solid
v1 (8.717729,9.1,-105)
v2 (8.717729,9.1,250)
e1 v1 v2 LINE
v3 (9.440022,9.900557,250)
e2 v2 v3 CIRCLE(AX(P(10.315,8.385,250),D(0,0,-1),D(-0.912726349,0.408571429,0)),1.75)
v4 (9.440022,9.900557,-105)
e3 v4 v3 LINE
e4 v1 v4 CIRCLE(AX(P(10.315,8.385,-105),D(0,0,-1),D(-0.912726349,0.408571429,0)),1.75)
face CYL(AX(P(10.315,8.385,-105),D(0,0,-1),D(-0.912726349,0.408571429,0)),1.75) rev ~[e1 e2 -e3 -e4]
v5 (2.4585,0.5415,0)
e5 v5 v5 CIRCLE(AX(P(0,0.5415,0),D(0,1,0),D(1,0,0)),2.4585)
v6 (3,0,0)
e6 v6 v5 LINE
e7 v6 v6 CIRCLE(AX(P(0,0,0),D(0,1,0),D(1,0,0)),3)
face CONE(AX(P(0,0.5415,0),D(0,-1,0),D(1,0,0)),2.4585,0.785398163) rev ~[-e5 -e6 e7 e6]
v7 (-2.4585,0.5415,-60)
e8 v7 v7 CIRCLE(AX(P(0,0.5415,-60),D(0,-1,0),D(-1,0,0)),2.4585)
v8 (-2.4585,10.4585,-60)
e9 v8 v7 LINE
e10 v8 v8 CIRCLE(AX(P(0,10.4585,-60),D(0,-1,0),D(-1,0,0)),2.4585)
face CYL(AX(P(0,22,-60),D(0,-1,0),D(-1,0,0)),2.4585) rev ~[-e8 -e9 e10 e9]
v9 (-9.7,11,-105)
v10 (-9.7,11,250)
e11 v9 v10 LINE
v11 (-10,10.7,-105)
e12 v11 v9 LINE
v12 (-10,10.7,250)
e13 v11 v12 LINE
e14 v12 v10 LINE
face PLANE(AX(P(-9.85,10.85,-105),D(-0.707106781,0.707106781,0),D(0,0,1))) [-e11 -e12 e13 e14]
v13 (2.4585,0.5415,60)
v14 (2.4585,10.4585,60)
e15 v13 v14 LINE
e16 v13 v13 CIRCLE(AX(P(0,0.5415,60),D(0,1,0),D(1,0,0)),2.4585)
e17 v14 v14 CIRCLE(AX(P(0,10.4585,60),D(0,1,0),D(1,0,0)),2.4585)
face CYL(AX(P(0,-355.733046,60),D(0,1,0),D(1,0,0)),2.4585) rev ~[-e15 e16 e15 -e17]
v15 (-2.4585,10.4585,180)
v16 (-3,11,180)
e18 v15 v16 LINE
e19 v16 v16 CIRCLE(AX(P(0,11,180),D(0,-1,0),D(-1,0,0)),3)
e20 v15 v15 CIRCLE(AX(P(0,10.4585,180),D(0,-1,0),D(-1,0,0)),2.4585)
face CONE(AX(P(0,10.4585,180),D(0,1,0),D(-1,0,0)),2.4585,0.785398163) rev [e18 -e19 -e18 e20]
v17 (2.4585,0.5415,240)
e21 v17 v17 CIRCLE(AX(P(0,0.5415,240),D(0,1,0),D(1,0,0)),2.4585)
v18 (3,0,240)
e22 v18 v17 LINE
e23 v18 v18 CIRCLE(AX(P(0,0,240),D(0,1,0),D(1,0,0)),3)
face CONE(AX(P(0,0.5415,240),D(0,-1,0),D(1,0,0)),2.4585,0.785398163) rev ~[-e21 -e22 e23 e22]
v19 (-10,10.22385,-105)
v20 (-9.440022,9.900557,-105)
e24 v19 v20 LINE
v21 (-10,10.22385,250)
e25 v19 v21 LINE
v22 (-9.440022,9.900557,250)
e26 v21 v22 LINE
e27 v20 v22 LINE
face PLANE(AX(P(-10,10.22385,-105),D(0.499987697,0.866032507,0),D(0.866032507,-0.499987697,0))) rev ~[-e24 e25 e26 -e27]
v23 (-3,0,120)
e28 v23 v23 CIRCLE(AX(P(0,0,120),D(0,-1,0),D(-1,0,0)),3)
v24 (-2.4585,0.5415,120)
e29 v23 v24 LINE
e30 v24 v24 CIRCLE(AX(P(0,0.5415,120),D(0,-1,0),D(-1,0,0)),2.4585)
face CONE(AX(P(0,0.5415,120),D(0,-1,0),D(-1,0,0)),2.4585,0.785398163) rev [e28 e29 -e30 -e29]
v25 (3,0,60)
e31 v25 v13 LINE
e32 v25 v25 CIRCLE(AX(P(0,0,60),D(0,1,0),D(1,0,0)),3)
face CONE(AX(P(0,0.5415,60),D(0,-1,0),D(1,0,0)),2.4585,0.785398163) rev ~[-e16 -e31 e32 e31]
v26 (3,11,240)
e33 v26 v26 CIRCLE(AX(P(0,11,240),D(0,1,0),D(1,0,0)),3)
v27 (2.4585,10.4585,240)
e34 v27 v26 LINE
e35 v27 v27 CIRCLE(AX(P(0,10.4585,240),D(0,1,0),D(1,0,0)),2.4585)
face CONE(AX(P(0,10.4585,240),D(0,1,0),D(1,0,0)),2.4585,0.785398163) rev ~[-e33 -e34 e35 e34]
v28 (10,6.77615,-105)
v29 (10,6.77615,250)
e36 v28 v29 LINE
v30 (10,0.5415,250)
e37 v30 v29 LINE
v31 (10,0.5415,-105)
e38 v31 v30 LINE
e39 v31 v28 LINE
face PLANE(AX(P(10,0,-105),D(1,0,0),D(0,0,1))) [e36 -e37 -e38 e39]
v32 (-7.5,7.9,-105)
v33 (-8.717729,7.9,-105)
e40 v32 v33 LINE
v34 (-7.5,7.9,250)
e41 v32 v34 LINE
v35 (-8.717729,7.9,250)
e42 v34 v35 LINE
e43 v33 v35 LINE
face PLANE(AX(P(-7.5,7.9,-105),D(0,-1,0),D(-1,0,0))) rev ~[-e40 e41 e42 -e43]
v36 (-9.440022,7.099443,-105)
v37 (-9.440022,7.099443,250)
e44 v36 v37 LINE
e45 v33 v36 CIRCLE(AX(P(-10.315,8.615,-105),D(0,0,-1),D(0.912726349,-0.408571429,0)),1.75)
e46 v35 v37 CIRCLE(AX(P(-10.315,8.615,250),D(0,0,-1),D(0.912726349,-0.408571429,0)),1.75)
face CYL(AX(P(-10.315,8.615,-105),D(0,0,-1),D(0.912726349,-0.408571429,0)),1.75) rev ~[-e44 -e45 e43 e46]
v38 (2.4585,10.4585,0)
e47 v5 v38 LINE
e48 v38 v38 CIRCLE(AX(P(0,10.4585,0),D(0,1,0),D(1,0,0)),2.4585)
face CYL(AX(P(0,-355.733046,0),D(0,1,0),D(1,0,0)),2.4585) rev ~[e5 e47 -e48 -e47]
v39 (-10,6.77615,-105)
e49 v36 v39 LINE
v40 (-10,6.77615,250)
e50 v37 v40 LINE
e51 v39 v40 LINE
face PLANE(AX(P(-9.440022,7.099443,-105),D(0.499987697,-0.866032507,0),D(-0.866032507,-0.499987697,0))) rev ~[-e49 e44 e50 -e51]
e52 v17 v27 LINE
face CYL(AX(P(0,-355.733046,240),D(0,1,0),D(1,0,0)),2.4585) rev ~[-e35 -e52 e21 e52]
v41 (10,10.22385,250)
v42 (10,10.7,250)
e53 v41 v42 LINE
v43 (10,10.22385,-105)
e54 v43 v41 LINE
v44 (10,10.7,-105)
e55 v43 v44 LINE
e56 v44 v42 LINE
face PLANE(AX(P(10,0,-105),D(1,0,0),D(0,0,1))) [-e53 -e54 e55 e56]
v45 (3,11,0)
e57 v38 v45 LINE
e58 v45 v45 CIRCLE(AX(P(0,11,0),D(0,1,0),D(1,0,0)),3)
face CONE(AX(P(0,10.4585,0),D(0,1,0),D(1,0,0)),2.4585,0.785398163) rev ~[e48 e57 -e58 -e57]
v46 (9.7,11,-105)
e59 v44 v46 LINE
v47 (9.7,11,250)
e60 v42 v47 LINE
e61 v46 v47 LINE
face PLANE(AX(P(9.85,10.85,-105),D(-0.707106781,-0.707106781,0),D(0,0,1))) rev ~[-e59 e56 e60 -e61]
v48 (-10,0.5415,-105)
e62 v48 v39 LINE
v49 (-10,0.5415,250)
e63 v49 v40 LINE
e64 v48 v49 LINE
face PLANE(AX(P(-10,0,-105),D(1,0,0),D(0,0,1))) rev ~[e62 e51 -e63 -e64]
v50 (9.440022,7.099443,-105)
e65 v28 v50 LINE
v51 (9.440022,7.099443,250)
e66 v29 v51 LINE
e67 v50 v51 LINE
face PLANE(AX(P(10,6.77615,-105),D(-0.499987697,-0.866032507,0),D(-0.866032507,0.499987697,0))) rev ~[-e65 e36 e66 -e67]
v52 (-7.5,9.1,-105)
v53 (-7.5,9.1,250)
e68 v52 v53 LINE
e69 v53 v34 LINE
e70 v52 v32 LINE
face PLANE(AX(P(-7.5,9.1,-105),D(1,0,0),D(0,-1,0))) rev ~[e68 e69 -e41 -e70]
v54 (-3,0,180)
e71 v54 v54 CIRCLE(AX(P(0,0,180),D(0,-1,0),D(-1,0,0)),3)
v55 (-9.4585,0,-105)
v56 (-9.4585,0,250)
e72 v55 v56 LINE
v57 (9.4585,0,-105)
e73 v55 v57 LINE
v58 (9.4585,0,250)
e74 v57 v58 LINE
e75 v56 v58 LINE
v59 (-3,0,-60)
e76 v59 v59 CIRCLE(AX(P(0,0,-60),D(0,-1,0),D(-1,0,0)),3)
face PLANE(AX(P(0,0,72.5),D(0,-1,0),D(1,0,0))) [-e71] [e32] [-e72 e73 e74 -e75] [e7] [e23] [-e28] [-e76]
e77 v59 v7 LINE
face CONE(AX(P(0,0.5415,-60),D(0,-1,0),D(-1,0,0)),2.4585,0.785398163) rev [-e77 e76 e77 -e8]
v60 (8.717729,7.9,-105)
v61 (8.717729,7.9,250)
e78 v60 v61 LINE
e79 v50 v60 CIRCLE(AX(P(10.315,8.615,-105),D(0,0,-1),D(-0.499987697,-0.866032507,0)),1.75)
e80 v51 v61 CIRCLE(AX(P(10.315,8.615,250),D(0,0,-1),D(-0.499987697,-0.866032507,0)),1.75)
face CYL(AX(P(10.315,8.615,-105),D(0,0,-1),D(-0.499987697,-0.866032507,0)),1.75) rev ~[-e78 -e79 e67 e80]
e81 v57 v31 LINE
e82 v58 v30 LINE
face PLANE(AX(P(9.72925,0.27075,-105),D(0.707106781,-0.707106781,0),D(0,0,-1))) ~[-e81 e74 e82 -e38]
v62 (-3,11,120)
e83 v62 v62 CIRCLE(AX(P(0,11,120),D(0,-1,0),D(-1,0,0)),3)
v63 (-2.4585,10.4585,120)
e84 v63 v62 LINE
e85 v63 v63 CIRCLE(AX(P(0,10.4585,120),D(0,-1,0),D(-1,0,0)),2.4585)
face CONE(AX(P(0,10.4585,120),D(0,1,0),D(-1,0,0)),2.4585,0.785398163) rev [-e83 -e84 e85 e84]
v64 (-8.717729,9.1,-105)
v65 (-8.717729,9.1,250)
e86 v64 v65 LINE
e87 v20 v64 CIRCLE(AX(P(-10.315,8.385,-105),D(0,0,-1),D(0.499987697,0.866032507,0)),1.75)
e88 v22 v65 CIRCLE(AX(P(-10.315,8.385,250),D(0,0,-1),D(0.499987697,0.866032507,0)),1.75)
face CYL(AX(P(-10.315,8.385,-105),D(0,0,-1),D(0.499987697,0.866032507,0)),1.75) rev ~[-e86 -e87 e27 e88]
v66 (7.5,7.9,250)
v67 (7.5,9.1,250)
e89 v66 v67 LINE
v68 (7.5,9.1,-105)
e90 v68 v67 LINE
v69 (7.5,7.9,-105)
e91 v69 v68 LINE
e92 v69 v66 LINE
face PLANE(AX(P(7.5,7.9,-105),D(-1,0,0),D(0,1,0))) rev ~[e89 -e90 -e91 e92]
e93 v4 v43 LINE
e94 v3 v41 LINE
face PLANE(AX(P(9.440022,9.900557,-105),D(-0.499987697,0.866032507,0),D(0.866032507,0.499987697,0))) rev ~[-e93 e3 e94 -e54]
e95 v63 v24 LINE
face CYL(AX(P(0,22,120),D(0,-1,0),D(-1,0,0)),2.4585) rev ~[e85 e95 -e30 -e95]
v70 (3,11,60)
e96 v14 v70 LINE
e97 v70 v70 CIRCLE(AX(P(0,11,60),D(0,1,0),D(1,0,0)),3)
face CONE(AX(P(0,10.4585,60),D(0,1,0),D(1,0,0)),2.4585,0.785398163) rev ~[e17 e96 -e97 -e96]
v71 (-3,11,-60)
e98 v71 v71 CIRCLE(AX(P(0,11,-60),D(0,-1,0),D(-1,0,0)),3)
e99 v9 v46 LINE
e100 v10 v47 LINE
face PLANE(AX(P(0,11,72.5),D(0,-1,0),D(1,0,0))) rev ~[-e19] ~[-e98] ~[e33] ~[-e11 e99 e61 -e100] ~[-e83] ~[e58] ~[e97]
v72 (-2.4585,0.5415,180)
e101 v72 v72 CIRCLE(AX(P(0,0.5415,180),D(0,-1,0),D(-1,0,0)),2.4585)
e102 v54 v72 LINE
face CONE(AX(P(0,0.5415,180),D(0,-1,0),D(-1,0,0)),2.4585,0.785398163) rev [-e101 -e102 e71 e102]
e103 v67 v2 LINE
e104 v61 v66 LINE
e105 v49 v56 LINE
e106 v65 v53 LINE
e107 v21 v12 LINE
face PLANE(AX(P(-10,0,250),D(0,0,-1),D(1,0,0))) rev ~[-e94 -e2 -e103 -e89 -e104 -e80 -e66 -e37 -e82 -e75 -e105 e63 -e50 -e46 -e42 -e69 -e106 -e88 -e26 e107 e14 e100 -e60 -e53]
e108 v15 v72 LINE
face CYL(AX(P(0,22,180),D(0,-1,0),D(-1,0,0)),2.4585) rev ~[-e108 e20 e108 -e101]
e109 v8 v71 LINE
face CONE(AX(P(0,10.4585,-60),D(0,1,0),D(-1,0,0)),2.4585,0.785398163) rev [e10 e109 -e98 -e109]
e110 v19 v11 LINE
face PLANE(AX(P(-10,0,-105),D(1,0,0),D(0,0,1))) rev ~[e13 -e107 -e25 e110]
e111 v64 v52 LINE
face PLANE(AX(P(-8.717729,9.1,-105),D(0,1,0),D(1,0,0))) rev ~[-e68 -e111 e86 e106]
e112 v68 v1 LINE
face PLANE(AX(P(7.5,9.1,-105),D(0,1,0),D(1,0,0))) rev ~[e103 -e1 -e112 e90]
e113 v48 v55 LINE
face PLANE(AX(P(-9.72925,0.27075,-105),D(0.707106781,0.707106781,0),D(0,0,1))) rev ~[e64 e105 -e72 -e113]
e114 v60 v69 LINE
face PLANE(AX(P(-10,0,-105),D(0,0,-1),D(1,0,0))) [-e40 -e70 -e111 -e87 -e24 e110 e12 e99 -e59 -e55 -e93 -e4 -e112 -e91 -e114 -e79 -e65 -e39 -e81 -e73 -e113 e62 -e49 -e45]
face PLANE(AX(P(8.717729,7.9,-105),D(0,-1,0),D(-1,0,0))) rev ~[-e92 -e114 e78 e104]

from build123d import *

# Parameters (mm, degrees)
ESQUISSE1_W             = 20
ESQUISSE1_H             = 355
BOSS_EXTRU_1_DEPTH      = 11
ENL_V_MAT_EXTRU_1_DEPTH = 356.311131264
ENL_V_MAT_EXTRU_2_DEPTH = 356.311131264
ENL_V_MAT_EXTRU_3_DEPTH = 356.311131264
ENL_V_MAT_EXTRU_4_DEPTH = 356.311131264
PER_AGE1_D              = 4.917
PER_AGE1_DEPTH          = 11
PER_AGE2_D              = 4.917
CHANFREIN1_SIZE         = 0.5415
CHANFREIN2_SIZE         = 0.3


with BuildPart() as part:
    # Esquisse1 → Boss.-Extru.1 (new body)
    with BuildSketch(Plane.XZ):
        with Locations((0, 72.5)):
            Rectangle(ESQUISSE1_W, ESQUISSE1_H)
    extrude(amount=-BOSS_EXTRU_1_DEPTH)

    # Esquisse2 → Enlèv. mat.-Extru.1 (cut, through all)
    with BuildSketch(Plane(origin=(0, 0, -105), x_dir=(-1, 0, 0), z_dir=(0, 0, -1))):
        with BuildLine():
            Line((10, 7.9), (10, 10.22385))
            Line((10, 10.22385), (9.440021531, 9.900556887))
            ThreePointArc((9.440021531, 9.900556887), (9.015681976, 9.557293765), (8.71772889, 9.1))
            Line((8.71772889, 9.1), (7.5, 9.1))
            Line((7.5, 9.1), (7.5, 7.9))
            Line((7.5, 7.9), (10, 7.9))
        make_face()
    extrude(amount=-ENL_V_MAT_EXTRU_1_DEPTH, mode=Mode.SUBTRACT)

    # Esquisse3 → Enlèv. mat.-Extru.2 (cut, through all)
    with BuildSketch(Plane(origin=(0, 0, -105), x_dir=(-1, 0, 0), z_dir=(0, 0, -1))):
        with BuildLine():
            Line((9.440021531, 7.099443113), (10, 6.77615))
            Line((10, 6.77615), (10, 7.9))
            Line((10, 7.9), (8.71772889, 7.9))
            ThreePointArc((8.71772889, 7.9), (9.015681976, 7.442706235), (9.440021531, 7.099443113))
        make_face()
    extrude(amount=-ENL_V_MAT_EXTRU_2_DEPTH, mode=Mode.SUBTRACT)

    # Esquisse4 → Enlèv. mat.-Extru.3 (cut, through all)
    with BuildSketch(Plane(origin=(0, 0, -105), x_dir=(-1, 0, 0), z_dir=(0, 0, -1))):
        with BuildLine():
            Line((-10, 9.1), (-10, 6.77615))
            Line((-10, 6.77615), (-9.440021531, 7.099443113))
            ThreePointArc((-9.440021531, 7.099443113), (-9.015681976, 7.442706235), (-8.71772889, 7.9))
            Line((-8.71772889, 7.9), (-7.5, 7.9))
            Line((-7.5, 7.9), (-7.5, 9.1))
            Line((-7.5, 9.1), (-10, 9.1))
        make_face()
    extrude(amount=-ENL_V_MAT_EXTRU_3_DEPTH, mode=Mode.SUBTRACT)

    # Esquisse5 → Enlèv. mat.-Extru.4 (cut, through all)
    with BuildSketch(Plane(origin=(0, 0, -105), x_dir=(-1, 0, 0), z_dir=(0, 0, -1))):
        with BuildLine():
            Line((-9.440021531, 9.900556887), (-10, 10.22385))
            Line((-10, 10.22385), (-10, 9.1))
            Line((-10, 9.1), (-8.71772889, 9.1))
            ThreePointArc((-8.71772889, 9.1), (-9.015681976, 9.557293765), (-9.440021531, 9.900556887))
        make_face()
    extrude(amount=-ENL_V_MAT_EXTRU_4_DEPTH, mode=Mode.SUBTRACT)

    # Perçage1
    with Locations(Plane(origin=(0, 11, 0), x_dir=(1, 0, 0), z_dir=(0, 1, 0))):
        with Locations((0, -180), (0, -120), (0, 60), (0, 180)):
            Hole(PER_AGE1_D / 2, depth=PER_AGE1_DEPTH)

    # Perçage2 (through all)
    with Locations(Plane(origin=(0, 0, 0), x_dir=(-1, 0, 0), z_dir=(0, -1, 0))):
        with Locations((0, -240), (0, -60), (0, 0), (0, 120), (0, 240)):
            Hole(PER_AGE2_D / 2)

    # Chanfrein1
    chanfrein1_edges = [part.edges().sort_by_distance(p)[0] for p in [
        (-2.4585, 0, 0),
        (-2.4585, 11, 0),
        (-2.4585, 0, 60),
        (-2.4585, 11, 60),
        (-2.4585, 0, 240),
        (-2.4585, 11, 240),
        (10, 0, 72.5),
        (-10, 0, 72.5),
        (2.4585, 11, -60),
        (2.4585, 0, -60),
        (2.4585, 11, 120),
        (2.4585, 0, 120),
        (2.4585, 11, 180),
        (2.4585, 0, 180),
    ]]
    chamfer(chanfrein1_edges, length=CHANFREIN1_SIZE)

    # Chanfrein2
    chanfrein2_edges = [part.edges().sort_by_distance(p)[0] for p in [
        (10, 11, 72.5),
        (-10, 11, 72.5),
    ]]
    chamfer(chanfrein2_edges, length=CHANFREIN2_SIZE)


solid = part.part
